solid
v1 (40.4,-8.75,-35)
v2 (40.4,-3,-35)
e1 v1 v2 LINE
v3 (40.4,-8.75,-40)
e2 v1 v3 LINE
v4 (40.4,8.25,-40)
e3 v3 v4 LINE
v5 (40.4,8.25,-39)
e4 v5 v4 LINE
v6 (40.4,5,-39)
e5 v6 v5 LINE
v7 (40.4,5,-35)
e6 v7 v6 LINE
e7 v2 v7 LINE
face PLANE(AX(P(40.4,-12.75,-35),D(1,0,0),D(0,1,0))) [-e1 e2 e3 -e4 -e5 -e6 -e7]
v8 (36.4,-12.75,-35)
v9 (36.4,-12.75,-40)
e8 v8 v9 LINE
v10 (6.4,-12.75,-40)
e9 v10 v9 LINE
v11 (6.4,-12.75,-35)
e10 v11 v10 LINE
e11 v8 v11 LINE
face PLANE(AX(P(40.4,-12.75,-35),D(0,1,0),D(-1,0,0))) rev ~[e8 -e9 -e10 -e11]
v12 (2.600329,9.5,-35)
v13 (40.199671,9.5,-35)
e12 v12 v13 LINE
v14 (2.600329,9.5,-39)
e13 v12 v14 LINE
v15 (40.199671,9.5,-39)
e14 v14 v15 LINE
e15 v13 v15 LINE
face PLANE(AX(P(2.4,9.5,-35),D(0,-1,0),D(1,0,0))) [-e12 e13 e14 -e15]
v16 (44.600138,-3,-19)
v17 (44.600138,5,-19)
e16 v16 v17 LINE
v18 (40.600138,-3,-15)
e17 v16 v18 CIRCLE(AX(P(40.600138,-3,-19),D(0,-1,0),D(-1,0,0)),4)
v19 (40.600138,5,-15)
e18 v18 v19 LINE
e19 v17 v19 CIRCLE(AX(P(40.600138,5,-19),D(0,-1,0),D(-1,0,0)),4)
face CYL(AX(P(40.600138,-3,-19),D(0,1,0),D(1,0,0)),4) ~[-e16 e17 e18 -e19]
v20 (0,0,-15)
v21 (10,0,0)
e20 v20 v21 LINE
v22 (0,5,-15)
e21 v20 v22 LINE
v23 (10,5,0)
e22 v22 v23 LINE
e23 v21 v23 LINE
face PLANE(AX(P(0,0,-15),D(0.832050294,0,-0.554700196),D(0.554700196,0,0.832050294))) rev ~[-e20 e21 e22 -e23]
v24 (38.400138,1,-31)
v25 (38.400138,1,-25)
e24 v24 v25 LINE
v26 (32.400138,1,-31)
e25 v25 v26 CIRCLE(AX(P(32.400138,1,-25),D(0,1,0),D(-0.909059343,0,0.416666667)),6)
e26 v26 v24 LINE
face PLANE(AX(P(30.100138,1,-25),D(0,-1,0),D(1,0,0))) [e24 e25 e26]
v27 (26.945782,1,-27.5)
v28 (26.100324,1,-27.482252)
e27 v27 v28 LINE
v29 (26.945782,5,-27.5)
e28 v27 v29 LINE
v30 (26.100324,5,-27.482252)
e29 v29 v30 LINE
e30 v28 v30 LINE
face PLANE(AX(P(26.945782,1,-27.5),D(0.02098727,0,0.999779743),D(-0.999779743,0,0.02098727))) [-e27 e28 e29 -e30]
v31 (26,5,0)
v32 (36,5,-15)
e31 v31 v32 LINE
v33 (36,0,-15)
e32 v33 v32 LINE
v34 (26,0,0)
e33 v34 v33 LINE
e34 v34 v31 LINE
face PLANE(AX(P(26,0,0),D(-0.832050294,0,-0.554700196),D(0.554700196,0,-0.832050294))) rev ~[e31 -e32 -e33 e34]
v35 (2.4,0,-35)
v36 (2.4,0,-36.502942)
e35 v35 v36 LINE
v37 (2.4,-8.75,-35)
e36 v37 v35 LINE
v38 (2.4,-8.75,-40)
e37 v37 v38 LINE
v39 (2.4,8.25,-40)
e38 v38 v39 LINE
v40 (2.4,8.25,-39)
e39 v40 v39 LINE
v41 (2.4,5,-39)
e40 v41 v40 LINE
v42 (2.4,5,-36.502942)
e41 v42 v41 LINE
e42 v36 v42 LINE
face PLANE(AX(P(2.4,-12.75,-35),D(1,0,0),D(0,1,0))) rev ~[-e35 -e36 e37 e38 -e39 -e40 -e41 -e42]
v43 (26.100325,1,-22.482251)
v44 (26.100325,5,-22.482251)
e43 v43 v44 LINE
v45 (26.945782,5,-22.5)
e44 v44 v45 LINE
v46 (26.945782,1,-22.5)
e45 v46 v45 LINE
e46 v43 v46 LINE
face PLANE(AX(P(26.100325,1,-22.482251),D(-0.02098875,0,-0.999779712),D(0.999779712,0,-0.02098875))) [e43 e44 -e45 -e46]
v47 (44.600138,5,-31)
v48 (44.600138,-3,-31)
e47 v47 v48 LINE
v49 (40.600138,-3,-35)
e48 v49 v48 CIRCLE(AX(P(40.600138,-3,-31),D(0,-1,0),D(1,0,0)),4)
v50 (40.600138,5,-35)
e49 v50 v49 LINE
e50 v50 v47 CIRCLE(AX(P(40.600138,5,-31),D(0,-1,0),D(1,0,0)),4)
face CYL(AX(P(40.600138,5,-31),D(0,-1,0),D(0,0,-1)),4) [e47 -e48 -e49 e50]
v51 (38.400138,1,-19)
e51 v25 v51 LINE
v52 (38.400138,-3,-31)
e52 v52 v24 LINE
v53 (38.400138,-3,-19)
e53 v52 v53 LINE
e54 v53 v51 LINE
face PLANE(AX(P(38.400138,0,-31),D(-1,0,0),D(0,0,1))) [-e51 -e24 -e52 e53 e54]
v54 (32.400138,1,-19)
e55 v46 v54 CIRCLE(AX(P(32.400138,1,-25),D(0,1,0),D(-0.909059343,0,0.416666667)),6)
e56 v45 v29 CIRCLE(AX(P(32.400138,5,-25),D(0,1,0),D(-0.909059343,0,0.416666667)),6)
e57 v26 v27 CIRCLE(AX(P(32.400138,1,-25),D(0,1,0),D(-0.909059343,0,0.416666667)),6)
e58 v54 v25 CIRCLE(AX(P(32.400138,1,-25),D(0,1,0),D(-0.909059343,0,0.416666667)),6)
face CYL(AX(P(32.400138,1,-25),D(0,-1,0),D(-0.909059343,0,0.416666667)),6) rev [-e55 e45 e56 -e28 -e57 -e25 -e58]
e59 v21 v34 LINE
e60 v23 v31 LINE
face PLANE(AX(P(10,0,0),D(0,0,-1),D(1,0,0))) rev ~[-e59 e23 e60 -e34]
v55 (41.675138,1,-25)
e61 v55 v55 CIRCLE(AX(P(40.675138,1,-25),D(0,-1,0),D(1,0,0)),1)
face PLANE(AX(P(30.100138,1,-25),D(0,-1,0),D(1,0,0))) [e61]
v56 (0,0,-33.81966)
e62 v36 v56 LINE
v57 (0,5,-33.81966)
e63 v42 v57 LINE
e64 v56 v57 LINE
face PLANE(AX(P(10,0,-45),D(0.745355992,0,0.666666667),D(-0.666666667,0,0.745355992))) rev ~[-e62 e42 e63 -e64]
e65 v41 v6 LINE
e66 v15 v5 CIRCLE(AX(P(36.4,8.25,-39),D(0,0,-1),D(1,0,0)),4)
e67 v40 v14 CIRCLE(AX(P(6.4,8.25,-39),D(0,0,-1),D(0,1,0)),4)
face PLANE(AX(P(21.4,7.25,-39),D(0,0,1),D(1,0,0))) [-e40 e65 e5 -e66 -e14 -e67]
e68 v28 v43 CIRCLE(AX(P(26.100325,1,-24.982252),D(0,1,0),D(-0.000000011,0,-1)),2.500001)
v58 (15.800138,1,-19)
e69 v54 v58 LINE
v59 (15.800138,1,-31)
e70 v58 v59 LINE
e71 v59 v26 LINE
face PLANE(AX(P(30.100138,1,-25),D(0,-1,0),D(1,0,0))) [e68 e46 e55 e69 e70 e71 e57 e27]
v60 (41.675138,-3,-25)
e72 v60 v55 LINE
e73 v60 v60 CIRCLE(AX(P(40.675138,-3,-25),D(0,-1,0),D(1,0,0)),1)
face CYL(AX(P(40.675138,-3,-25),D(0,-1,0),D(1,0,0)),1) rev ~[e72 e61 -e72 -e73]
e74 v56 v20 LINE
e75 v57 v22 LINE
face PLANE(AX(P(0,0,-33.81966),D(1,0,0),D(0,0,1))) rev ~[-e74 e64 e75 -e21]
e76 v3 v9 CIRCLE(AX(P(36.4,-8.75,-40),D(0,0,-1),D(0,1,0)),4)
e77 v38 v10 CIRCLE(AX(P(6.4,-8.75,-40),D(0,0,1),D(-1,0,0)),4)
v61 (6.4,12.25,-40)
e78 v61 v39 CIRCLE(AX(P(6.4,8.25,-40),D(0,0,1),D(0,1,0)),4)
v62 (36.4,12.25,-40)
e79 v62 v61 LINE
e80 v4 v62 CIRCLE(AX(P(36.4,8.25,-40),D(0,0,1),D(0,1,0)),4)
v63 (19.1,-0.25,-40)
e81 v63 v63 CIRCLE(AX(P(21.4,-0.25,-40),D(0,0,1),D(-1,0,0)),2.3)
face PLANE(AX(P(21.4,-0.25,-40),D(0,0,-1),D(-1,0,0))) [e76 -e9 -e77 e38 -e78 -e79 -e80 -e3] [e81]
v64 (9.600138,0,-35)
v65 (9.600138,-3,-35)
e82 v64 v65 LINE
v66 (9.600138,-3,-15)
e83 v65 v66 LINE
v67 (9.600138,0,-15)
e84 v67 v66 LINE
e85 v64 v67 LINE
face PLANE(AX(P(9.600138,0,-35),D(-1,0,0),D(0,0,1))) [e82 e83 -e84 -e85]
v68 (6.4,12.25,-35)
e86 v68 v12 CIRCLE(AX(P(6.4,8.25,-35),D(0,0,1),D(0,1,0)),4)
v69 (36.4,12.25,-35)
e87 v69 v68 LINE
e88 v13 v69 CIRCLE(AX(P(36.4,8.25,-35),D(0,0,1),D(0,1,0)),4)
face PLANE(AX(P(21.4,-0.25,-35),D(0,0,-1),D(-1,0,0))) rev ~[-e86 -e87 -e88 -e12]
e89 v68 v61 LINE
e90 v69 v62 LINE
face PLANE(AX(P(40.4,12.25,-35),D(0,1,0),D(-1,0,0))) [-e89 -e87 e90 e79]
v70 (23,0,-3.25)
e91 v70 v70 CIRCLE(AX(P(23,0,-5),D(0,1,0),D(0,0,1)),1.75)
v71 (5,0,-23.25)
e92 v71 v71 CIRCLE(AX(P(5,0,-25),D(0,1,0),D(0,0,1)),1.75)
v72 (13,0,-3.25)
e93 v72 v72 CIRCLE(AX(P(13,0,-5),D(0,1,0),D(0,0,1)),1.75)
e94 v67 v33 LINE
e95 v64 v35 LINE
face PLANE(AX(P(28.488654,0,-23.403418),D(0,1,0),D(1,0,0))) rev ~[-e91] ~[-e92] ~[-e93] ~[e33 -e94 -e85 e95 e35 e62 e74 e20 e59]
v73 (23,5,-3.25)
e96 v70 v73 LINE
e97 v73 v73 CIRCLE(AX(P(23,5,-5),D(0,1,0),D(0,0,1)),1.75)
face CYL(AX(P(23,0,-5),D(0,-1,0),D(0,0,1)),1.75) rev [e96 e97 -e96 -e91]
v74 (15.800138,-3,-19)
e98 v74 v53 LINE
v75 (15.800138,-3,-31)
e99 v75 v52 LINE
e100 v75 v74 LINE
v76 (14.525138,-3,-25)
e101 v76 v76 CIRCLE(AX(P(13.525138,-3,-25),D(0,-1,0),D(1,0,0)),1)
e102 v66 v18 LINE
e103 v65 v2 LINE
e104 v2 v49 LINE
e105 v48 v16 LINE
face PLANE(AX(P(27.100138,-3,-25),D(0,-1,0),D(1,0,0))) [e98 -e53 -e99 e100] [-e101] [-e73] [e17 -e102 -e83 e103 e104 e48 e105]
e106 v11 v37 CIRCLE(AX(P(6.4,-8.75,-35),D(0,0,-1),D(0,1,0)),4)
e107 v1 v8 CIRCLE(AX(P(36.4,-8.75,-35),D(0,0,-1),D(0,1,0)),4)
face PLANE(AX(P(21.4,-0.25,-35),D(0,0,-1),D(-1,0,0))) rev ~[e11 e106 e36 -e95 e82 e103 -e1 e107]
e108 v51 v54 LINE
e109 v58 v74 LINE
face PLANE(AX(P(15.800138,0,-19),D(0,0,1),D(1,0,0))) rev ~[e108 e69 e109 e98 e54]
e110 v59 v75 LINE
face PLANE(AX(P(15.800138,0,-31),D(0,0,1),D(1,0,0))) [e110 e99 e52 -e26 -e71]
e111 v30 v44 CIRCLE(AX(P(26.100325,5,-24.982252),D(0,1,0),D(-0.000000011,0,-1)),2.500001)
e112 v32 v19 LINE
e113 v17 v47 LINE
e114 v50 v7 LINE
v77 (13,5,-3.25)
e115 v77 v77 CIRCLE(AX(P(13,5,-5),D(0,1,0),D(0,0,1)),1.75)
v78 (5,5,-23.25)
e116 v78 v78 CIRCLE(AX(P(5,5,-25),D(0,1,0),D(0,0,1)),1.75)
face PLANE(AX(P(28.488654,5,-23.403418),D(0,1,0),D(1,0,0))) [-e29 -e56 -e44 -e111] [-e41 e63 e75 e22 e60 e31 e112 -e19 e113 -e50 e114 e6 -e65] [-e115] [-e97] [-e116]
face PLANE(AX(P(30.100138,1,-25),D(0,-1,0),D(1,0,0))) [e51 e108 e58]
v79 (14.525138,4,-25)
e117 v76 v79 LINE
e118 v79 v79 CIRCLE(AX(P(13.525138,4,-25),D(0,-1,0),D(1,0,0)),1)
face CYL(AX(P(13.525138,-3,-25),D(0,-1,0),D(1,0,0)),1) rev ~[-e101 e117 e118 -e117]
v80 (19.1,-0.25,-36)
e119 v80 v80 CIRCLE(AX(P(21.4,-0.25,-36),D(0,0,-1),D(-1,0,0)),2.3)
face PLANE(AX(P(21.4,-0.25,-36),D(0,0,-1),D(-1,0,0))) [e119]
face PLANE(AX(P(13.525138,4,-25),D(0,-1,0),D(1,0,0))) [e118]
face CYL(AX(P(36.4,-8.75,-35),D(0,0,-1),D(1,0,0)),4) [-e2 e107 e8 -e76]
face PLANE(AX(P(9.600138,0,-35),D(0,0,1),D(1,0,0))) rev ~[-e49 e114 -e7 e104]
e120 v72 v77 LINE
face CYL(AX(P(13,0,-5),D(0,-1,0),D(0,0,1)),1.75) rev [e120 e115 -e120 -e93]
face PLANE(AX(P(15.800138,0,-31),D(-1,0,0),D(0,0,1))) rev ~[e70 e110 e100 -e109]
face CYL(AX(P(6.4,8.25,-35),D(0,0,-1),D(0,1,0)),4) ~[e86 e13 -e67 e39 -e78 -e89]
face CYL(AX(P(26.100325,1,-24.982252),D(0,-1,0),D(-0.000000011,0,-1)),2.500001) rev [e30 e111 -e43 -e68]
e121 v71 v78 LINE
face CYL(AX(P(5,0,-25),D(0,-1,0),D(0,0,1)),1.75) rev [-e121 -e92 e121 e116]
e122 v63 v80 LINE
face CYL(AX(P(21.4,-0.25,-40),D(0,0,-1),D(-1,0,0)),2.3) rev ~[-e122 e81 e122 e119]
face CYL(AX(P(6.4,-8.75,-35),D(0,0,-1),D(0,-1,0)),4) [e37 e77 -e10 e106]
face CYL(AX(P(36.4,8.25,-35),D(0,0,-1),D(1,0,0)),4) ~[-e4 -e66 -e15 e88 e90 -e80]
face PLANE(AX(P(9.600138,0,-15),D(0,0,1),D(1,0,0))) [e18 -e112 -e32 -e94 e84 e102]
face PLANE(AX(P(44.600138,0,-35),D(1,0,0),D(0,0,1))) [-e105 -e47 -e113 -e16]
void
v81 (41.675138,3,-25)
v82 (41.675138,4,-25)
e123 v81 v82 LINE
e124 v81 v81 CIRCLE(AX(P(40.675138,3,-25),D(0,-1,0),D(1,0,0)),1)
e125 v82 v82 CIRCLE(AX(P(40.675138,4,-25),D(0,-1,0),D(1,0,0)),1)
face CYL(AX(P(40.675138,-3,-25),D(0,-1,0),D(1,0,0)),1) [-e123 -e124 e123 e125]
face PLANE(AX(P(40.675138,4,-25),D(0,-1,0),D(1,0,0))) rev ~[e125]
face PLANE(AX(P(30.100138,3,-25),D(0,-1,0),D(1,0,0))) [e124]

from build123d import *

# Parameters (mm, degrees)
SKETCH1_R           = 1.75
BOSS_EXTRUDE1_DEPTH = 5
SKETCH3_W           = 35
SKETCH3_H           = 20
SKETCH3_W_2         = 22.6
SKETCH3_H_2         = 12
BOSS_EXTRUDE4_DEPTH = 3
SKETCH6_W           = 15.399861764
SKETCH6_H           = 20
CUT_EXTRUDE2_DEPTH  = 76.166481892
SKETCH9_R           = 1
CUT_EXTRUDE4_DEPTH  = 7
SKETCH24_W          = 38
SKETCH24_H          = 25
BOSS_EXTRUDE8_DEPTH = 5
SKETCH27_R          = 2.3
CUT_EXTRUDE15_DEPTH = 4
FILLET9_R           = 4
SKETCH3_5_W         = 22.6
SKETCH3_5_H         = 12
CUT_EXTRUDE16_DEPTH = 3
BOSS_EXTRUDE9_DEPTH = 2
CUT_EXTRUDE18_DEPTH = 4
CUT_EXTRUDE19_DEPTH = 66.796921133
SKETCH37_W          = 38
SKETCH37_H          = 4.5
CUT_EXTRUDE20_DEPTH = 4


with BuildPart() as part:
    # Sketch1 → Boss-Extrude1 (new body)
    with BuildSketch(Plane(origin=(0, 0, 0), x_dir=(1, 0, 0), z_dir=(0, 1, 0))):
        Polygon((0, 33.819660113), (0, 15), (10, 0), (26, 0), (36, 15), (60, 15), (60, 35), (36, 35), (26, 45), (10, 45), align=None)
        with Locations((13, 5)):
            Circle(SKETCH1_R, mode=Mode.SUBTRACT)
        with Locations((23, 5)):
            Circle(SKETCH1_R, mode=Mode.SUBTRACT)
        with Locations((5, 25)):
            Circle(SKETCH1_R, mode=Mode.SUBTRACT)
    extrude(amount=BOSS_EXTRUDE1_DEPTH)

    # Sketch3 → Boss-Extrude4 (add)
    with BuildSketch(Plane.XZ):
        with Locations((27.100138236, -25)):
            Rectangle(SKETCH3_W, SKETCH3_H)
        with Locations((27.100138236, -25)):
            Rectangle(SKETCH3_W_2, SKETCH3_H_2, mode=Mode.SUBTRACT)
    extrude(amount=BOSS_EXTRUDE4_DEPTH)

    # Sketch6 → Cut-Extrude2 (cut, through all)
    with BuildSketch(Plane.XZ):
        with Locations((52.300069118, -25)):
            Rectangle(SKETCH6_W, SKETCH6_H)
    extrude(amount=-CUT_EXTRUDE2_DEPTH, mode=Mode.SUBTRACT)

    # Sketch9 → Cut-Extrude4 (cut)
    with BuildSketch(Plane.XZ.offset(3)):
        with Locations((13.525138236, -25)):
            Circle(SKETCH9_R)
        with Locations((40.675138236, -25)):
            Circle(SKETCH9_R)
    extrude(amount=-CUT_EXTRUDE4_DEPTH, mode=Mode.SUBTRACT)

    # Sketch24 → Boss-Extrude8 (add)
    with BuildSketch(Plane(origin=(0, 0, -35), x_dir=(-1, 0, 0), z_dir=(0, 0, -1))):
        with Locations((-21.4, -0.25)):
            Rectangle(SKETCH24_W, SKETCH24_H)
    extrude(amount=BOSS_EXTRUDE8_DEPTH)

    # Sketch27 → Cut-Extrude15 (cut)
    with BuildSketch(Plane(origin=(0, 0, -40), x_dir=(-1, 0, 0), z_dir=(0, 0, -1))):
        with Locations((-21.4, -0.25)):
            Circle(SKETCH27_R)
    extrude(amount=-CUT_EXTRUDE15_DEPTH, mode=Mode.SUBTRACT)

    # Fillet9
    fillet9_edges = [part.edges().sort_by_distance(p)[0] for p in [
        (44.600138236, 1, -35),
        (44.600138236, 1, -15),
        (2.4, 12.25, -37.5),
        (2.4, -12.75, -37.5),
        (40.4, 12.25, -37.5),
        (40.4, -12.75, -37.5),
    ]]
    fillet(fillet9_edges, radius=FILLET9_R)

    # Sketch3<5> → Cut-Extrude16 (cut)
    with BuildSketch(Plane.XZ):
        with Locations((27.100138236, -25)):
            Rectangle(SKETCH3_5_W, SKETCH3_5_H)
    extrude(amount=-CUT_EXTRUDE16_DEPTH, mode=Mode.SUBTRACT)

    # Sketch34 → Boss-Extrude9 (add)
    with BuildSketch(Plane.XZ.offset(-3)):
        Polygon((38.400138236, -31), (44.400138238, -31), (44.400138238, -25), (44.400138238, -19), (38.400138236, -19), (15.800138236, -19), (15.800138236, -31), align=None)
    extrude(amount=BOSS_EXTRUDE9_DEPTH)

    # Sketch35 → Cut-Extrude18 (cut)
    with BuildSketch(Plane.XZ.offset(-1)):
        with BuildLine():
            Line((26.100324519, -22.482250986), (26.945782176, -22.499999995))
            ThreePointArc((26.945782176, -22.499999995), (38.400138236, -25), (26.945782176, -27.500000005))
            Line((26.945782176, -27.500000005), (26.100324492, -27.482252247))
            ThreePointArc((26.100324492, -27.482252247), (23.600323888, -24.982251603), (26.100324519, -22.482250986))
        make_face()
    extrude(amount=-CUT_EXTRUDE18_DEPTH, mode=Mode.SUBTRACT)

    # Sketch36 → Cut-Extrude19 (cut, through all)
    with BuildSketch(Plane(origin=(0, 5, 0), x_dir=(1, 0, 0), z_dir=(0, 1, 0))):
        Polygon((5.527864045, 40), (31, 40), (26, 45), (10, 45), align=None)
    extrude(amount=-CUT_EXTRUDE19_DEPTH, mode=Mode.SUBTRACT)

    # Sketch37 → Cut-Extrude20 (cut)
    with BuildSketch(Plane.XY.offset(-35)):
        with Locations((21.4, 7.25)):
            Rectangle(SKETCH37_W, SKETCH37_H)
    extrude(amount=-CUT_EXTRUDE20_DEPTH, mode=Mode.SUBTRACT)


solid = part.part
